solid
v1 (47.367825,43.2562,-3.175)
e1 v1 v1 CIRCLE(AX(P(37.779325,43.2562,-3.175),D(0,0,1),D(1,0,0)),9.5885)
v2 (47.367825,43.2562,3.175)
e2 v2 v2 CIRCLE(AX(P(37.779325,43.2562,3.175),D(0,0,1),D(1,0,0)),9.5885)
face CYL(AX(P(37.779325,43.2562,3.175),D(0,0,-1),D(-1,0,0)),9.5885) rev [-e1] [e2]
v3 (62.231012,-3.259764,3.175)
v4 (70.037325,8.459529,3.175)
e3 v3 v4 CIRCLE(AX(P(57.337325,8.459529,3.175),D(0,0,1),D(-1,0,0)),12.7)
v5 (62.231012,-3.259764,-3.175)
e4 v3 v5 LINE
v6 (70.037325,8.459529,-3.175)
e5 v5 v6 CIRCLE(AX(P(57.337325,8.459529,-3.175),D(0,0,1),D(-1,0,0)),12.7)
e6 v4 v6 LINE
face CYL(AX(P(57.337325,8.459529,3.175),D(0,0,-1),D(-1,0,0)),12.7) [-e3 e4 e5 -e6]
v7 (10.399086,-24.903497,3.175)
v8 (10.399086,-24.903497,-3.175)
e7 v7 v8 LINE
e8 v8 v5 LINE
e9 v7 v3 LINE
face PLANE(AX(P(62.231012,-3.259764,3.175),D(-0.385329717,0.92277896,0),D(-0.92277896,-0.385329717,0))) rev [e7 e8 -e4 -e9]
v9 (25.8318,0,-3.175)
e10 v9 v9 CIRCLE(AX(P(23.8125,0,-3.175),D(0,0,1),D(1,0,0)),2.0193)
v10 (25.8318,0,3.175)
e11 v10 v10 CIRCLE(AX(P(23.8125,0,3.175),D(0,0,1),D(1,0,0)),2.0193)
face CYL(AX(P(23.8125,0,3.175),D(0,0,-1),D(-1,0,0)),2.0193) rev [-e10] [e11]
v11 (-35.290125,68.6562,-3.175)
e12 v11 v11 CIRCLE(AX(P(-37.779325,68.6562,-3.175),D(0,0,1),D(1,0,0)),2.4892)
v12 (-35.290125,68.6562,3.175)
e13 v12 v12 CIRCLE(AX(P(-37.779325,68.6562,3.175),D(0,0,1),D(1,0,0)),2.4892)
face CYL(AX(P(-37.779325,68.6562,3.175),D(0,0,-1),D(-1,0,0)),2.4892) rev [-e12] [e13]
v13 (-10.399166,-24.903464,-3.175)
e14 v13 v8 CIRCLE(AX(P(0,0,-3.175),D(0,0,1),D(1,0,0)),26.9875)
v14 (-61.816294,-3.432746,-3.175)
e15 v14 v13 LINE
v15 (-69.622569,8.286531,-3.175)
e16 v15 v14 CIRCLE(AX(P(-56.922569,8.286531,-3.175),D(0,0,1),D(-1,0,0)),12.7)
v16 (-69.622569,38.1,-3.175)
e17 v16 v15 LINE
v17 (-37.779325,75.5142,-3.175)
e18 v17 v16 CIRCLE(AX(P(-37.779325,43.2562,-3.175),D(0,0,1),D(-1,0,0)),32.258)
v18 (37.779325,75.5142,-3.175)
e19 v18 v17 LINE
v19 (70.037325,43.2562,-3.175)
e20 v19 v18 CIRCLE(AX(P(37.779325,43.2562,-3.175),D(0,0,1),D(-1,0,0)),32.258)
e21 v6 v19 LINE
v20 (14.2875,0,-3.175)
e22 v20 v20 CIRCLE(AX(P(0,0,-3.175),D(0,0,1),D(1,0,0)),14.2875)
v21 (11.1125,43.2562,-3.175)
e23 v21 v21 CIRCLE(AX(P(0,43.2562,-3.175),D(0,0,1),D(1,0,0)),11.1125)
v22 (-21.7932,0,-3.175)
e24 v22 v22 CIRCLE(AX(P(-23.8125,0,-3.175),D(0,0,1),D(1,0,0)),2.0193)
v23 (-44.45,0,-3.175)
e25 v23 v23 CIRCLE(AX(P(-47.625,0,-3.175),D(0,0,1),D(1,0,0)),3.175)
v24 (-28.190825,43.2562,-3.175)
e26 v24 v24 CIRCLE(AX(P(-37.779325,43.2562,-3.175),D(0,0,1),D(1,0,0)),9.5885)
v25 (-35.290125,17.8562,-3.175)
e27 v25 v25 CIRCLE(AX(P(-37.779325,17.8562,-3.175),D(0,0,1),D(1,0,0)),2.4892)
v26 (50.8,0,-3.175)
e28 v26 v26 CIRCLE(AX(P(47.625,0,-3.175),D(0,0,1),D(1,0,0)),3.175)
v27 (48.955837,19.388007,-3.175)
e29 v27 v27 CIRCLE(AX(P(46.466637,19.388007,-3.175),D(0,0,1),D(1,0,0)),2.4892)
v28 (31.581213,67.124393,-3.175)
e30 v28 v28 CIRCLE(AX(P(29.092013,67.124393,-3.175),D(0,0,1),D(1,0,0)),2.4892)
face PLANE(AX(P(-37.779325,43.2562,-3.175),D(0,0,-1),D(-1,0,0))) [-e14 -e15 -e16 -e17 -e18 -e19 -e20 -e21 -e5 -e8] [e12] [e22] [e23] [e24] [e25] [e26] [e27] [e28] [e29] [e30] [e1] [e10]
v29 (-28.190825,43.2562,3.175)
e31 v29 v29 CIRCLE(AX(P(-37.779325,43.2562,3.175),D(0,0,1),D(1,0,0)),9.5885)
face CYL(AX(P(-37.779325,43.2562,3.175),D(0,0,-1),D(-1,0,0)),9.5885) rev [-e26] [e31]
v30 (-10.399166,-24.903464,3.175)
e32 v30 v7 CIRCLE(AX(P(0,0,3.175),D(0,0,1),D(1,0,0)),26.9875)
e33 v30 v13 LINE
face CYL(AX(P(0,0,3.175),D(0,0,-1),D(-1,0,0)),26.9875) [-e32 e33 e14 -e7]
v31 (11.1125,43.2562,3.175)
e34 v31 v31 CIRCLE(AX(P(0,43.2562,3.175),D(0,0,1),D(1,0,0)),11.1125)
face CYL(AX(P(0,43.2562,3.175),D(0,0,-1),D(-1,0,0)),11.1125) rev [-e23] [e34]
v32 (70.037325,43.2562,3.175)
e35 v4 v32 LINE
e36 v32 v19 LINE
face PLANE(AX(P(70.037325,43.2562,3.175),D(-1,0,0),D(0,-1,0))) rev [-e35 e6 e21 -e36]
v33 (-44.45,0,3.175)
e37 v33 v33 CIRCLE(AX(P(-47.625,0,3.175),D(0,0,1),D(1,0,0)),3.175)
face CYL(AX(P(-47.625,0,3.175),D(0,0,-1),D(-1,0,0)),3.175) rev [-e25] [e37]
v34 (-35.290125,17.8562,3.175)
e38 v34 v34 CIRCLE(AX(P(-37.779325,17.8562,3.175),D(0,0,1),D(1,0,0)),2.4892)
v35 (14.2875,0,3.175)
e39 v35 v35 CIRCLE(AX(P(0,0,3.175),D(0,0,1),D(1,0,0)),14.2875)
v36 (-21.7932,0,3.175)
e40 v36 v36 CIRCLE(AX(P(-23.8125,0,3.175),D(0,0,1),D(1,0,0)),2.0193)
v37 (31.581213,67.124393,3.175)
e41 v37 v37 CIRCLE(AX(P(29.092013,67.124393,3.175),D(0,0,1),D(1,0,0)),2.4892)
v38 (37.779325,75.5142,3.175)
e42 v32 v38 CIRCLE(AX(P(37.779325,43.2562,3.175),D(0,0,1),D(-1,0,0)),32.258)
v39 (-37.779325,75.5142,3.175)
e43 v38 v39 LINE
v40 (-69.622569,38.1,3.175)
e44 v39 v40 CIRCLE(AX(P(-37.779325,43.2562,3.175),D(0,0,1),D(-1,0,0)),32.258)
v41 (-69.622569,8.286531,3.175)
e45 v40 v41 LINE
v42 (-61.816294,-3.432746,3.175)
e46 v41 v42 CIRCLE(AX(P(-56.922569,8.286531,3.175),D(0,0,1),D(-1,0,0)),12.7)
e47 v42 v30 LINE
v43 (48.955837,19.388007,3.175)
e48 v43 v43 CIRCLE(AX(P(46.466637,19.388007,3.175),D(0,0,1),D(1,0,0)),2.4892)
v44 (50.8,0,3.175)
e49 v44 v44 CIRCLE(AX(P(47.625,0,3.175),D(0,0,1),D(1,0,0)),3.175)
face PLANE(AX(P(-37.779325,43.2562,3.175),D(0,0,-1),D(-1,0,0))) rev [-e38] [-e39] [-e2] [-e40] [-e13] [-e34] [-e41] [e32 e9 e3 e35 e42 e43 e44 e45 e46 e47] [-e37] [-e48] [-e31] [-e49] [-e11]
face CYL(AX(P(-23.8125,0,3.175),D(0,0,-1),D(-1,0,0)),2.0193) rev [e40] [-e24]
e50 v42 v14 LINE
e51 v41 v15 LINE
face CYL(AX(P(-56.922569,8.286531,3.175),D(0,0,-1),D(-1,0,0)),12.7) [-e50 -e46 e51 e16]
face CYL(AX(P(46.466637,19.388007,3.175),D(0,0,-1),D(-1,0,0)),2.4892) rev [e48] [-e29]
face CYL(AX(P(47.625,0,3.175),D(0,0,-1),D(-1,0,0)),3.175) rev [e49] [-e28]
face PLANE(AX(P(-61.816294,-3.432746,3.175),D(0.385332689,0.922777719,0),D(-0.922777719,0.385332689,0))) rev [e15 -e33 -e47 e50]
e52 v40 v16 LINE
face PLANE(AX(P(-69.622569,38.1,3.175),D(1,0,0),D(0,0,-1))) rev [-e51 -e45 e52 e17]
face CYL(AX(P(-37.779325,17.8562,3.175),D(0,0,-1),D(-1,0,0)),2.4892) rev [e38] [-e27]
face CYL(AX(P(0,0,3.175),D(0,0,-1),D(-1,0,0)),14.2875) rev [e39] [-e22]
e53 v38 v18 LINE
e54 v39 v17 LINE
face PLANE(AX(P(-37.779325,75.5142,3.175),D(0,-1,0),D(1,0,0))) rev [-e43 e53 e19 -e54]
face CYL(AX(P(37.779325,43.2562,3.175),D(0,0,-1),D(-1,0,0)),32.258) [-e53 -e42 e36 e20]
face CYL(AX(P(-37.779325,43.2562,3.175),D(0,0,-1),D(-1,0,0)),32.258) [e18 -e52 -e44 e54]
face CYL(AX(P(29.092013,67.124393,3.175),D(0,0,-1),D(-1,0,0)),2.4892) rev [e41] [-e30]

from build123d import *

# Parameters (mm, degrees)
SKETCH1_R           = 14.2875
SKETCH1_R_2         = 9.5885
SKETCH1_R_3         = 11.1125
SKETCH1_R_4         = 3.175
SKETCH1_R_5         = 2.0193
SKETCH1_R_6         = 2.4892
BOSS_EXTRUDE1_DEPTH = 3.175


with BuildPart() as part:
    # Sketch1 → Boss-Extrude1 (new, symmetric)
    with BuildSketch(Plane.XY):
        with BuildLine():
            Line((-37.779325, 75.5142), (37.779325, 75.5142))
            ThreePointArc((37.779325, 75.5142), (60.589175548, 66.066050548), (70.037325, 43.2562))
            Line((70.037325, 43.2562), (70.037325, 8.459528855))
            ThreePointArc((70.037325, 8.459528855), (67.907089191, 1.418926257), (62.231012411, -3.259763936))
            Line((62.231012411, -3.259763936), (10.399085748, -24.903497181))
            ThreePointArc((10.399085748, -24.903497181), (-4.3461e-05, -26.9875), (-10.399165957, -24.903463688))
            Line((-10.399165957, -24.903463688), (-61.816293797, -3.432745712))
            ThreePointArc((-61.816293797, -3.432745712), (-67.49234417, 1.245945741), (-69.622568641, 8.286531317))
            Line((-69.622568641, 8.286531317), (-69.622568641, 38.1))
            ThreePointArc((-69.622568641, 38.1), (-62.344618237, 64.163732906), (-37.779325, 75.5142))
        make_face()
        Circle(SKETCH1_R, mode=Mode.SUBTRACT)
        with Locations((-37.779325, 43.2562)):
            Circle(SKETCH1_R_2, mode=Mode.SUBTRACT)
        with Locations((37.779325, 43.2562)):
            Circle(SKETCH1_R_2, mode=Mode.SUBTRACT)
        with Locations((0, 43.2562)):
            Circle(SKETCH1_R_3, mode=Mode.SUBTRACT)
        with Locations((-47.625, 0)):
            Circle(SKETCH1_R_4, mode=Mode.SUBTRACT)
        with Locations((47.625, 0)):
            Circle(SKETCH1_R_4, mode=Mode.SUBTRACT)
        with Locations((-23.8125, 0)):
            Circle(SKETCH1_R_5, mode=Mode.SUBTRACT)
        with Locations((23.8125, 0)):
            Circle(SKETCH1_R_5, mode=Mode.SUBTRACT)
        with Locations((-37.779325, 68.6562)):
            Circle(SKETCH1_R_6, mode=Mode.SUBTRACT)
        with Locations((-37.779325, 17.8562)):
            Circle(SKETCH1_R_6, mode=Mode.SUBTRACT)
        with Locations((46.46663664, 19.388007432)):
            Circle(SKETCH1_R_6, mode=Mode.SUBTRACT)
        with Locations((29.09201336, 67.124392568)):
            Circle(SKETCH1_R_6, mode=Mode.SUBTRACT)
    extrude(amount=BOSS_EXTRUDE1_DEPTH, both=True)


solid = part.part
